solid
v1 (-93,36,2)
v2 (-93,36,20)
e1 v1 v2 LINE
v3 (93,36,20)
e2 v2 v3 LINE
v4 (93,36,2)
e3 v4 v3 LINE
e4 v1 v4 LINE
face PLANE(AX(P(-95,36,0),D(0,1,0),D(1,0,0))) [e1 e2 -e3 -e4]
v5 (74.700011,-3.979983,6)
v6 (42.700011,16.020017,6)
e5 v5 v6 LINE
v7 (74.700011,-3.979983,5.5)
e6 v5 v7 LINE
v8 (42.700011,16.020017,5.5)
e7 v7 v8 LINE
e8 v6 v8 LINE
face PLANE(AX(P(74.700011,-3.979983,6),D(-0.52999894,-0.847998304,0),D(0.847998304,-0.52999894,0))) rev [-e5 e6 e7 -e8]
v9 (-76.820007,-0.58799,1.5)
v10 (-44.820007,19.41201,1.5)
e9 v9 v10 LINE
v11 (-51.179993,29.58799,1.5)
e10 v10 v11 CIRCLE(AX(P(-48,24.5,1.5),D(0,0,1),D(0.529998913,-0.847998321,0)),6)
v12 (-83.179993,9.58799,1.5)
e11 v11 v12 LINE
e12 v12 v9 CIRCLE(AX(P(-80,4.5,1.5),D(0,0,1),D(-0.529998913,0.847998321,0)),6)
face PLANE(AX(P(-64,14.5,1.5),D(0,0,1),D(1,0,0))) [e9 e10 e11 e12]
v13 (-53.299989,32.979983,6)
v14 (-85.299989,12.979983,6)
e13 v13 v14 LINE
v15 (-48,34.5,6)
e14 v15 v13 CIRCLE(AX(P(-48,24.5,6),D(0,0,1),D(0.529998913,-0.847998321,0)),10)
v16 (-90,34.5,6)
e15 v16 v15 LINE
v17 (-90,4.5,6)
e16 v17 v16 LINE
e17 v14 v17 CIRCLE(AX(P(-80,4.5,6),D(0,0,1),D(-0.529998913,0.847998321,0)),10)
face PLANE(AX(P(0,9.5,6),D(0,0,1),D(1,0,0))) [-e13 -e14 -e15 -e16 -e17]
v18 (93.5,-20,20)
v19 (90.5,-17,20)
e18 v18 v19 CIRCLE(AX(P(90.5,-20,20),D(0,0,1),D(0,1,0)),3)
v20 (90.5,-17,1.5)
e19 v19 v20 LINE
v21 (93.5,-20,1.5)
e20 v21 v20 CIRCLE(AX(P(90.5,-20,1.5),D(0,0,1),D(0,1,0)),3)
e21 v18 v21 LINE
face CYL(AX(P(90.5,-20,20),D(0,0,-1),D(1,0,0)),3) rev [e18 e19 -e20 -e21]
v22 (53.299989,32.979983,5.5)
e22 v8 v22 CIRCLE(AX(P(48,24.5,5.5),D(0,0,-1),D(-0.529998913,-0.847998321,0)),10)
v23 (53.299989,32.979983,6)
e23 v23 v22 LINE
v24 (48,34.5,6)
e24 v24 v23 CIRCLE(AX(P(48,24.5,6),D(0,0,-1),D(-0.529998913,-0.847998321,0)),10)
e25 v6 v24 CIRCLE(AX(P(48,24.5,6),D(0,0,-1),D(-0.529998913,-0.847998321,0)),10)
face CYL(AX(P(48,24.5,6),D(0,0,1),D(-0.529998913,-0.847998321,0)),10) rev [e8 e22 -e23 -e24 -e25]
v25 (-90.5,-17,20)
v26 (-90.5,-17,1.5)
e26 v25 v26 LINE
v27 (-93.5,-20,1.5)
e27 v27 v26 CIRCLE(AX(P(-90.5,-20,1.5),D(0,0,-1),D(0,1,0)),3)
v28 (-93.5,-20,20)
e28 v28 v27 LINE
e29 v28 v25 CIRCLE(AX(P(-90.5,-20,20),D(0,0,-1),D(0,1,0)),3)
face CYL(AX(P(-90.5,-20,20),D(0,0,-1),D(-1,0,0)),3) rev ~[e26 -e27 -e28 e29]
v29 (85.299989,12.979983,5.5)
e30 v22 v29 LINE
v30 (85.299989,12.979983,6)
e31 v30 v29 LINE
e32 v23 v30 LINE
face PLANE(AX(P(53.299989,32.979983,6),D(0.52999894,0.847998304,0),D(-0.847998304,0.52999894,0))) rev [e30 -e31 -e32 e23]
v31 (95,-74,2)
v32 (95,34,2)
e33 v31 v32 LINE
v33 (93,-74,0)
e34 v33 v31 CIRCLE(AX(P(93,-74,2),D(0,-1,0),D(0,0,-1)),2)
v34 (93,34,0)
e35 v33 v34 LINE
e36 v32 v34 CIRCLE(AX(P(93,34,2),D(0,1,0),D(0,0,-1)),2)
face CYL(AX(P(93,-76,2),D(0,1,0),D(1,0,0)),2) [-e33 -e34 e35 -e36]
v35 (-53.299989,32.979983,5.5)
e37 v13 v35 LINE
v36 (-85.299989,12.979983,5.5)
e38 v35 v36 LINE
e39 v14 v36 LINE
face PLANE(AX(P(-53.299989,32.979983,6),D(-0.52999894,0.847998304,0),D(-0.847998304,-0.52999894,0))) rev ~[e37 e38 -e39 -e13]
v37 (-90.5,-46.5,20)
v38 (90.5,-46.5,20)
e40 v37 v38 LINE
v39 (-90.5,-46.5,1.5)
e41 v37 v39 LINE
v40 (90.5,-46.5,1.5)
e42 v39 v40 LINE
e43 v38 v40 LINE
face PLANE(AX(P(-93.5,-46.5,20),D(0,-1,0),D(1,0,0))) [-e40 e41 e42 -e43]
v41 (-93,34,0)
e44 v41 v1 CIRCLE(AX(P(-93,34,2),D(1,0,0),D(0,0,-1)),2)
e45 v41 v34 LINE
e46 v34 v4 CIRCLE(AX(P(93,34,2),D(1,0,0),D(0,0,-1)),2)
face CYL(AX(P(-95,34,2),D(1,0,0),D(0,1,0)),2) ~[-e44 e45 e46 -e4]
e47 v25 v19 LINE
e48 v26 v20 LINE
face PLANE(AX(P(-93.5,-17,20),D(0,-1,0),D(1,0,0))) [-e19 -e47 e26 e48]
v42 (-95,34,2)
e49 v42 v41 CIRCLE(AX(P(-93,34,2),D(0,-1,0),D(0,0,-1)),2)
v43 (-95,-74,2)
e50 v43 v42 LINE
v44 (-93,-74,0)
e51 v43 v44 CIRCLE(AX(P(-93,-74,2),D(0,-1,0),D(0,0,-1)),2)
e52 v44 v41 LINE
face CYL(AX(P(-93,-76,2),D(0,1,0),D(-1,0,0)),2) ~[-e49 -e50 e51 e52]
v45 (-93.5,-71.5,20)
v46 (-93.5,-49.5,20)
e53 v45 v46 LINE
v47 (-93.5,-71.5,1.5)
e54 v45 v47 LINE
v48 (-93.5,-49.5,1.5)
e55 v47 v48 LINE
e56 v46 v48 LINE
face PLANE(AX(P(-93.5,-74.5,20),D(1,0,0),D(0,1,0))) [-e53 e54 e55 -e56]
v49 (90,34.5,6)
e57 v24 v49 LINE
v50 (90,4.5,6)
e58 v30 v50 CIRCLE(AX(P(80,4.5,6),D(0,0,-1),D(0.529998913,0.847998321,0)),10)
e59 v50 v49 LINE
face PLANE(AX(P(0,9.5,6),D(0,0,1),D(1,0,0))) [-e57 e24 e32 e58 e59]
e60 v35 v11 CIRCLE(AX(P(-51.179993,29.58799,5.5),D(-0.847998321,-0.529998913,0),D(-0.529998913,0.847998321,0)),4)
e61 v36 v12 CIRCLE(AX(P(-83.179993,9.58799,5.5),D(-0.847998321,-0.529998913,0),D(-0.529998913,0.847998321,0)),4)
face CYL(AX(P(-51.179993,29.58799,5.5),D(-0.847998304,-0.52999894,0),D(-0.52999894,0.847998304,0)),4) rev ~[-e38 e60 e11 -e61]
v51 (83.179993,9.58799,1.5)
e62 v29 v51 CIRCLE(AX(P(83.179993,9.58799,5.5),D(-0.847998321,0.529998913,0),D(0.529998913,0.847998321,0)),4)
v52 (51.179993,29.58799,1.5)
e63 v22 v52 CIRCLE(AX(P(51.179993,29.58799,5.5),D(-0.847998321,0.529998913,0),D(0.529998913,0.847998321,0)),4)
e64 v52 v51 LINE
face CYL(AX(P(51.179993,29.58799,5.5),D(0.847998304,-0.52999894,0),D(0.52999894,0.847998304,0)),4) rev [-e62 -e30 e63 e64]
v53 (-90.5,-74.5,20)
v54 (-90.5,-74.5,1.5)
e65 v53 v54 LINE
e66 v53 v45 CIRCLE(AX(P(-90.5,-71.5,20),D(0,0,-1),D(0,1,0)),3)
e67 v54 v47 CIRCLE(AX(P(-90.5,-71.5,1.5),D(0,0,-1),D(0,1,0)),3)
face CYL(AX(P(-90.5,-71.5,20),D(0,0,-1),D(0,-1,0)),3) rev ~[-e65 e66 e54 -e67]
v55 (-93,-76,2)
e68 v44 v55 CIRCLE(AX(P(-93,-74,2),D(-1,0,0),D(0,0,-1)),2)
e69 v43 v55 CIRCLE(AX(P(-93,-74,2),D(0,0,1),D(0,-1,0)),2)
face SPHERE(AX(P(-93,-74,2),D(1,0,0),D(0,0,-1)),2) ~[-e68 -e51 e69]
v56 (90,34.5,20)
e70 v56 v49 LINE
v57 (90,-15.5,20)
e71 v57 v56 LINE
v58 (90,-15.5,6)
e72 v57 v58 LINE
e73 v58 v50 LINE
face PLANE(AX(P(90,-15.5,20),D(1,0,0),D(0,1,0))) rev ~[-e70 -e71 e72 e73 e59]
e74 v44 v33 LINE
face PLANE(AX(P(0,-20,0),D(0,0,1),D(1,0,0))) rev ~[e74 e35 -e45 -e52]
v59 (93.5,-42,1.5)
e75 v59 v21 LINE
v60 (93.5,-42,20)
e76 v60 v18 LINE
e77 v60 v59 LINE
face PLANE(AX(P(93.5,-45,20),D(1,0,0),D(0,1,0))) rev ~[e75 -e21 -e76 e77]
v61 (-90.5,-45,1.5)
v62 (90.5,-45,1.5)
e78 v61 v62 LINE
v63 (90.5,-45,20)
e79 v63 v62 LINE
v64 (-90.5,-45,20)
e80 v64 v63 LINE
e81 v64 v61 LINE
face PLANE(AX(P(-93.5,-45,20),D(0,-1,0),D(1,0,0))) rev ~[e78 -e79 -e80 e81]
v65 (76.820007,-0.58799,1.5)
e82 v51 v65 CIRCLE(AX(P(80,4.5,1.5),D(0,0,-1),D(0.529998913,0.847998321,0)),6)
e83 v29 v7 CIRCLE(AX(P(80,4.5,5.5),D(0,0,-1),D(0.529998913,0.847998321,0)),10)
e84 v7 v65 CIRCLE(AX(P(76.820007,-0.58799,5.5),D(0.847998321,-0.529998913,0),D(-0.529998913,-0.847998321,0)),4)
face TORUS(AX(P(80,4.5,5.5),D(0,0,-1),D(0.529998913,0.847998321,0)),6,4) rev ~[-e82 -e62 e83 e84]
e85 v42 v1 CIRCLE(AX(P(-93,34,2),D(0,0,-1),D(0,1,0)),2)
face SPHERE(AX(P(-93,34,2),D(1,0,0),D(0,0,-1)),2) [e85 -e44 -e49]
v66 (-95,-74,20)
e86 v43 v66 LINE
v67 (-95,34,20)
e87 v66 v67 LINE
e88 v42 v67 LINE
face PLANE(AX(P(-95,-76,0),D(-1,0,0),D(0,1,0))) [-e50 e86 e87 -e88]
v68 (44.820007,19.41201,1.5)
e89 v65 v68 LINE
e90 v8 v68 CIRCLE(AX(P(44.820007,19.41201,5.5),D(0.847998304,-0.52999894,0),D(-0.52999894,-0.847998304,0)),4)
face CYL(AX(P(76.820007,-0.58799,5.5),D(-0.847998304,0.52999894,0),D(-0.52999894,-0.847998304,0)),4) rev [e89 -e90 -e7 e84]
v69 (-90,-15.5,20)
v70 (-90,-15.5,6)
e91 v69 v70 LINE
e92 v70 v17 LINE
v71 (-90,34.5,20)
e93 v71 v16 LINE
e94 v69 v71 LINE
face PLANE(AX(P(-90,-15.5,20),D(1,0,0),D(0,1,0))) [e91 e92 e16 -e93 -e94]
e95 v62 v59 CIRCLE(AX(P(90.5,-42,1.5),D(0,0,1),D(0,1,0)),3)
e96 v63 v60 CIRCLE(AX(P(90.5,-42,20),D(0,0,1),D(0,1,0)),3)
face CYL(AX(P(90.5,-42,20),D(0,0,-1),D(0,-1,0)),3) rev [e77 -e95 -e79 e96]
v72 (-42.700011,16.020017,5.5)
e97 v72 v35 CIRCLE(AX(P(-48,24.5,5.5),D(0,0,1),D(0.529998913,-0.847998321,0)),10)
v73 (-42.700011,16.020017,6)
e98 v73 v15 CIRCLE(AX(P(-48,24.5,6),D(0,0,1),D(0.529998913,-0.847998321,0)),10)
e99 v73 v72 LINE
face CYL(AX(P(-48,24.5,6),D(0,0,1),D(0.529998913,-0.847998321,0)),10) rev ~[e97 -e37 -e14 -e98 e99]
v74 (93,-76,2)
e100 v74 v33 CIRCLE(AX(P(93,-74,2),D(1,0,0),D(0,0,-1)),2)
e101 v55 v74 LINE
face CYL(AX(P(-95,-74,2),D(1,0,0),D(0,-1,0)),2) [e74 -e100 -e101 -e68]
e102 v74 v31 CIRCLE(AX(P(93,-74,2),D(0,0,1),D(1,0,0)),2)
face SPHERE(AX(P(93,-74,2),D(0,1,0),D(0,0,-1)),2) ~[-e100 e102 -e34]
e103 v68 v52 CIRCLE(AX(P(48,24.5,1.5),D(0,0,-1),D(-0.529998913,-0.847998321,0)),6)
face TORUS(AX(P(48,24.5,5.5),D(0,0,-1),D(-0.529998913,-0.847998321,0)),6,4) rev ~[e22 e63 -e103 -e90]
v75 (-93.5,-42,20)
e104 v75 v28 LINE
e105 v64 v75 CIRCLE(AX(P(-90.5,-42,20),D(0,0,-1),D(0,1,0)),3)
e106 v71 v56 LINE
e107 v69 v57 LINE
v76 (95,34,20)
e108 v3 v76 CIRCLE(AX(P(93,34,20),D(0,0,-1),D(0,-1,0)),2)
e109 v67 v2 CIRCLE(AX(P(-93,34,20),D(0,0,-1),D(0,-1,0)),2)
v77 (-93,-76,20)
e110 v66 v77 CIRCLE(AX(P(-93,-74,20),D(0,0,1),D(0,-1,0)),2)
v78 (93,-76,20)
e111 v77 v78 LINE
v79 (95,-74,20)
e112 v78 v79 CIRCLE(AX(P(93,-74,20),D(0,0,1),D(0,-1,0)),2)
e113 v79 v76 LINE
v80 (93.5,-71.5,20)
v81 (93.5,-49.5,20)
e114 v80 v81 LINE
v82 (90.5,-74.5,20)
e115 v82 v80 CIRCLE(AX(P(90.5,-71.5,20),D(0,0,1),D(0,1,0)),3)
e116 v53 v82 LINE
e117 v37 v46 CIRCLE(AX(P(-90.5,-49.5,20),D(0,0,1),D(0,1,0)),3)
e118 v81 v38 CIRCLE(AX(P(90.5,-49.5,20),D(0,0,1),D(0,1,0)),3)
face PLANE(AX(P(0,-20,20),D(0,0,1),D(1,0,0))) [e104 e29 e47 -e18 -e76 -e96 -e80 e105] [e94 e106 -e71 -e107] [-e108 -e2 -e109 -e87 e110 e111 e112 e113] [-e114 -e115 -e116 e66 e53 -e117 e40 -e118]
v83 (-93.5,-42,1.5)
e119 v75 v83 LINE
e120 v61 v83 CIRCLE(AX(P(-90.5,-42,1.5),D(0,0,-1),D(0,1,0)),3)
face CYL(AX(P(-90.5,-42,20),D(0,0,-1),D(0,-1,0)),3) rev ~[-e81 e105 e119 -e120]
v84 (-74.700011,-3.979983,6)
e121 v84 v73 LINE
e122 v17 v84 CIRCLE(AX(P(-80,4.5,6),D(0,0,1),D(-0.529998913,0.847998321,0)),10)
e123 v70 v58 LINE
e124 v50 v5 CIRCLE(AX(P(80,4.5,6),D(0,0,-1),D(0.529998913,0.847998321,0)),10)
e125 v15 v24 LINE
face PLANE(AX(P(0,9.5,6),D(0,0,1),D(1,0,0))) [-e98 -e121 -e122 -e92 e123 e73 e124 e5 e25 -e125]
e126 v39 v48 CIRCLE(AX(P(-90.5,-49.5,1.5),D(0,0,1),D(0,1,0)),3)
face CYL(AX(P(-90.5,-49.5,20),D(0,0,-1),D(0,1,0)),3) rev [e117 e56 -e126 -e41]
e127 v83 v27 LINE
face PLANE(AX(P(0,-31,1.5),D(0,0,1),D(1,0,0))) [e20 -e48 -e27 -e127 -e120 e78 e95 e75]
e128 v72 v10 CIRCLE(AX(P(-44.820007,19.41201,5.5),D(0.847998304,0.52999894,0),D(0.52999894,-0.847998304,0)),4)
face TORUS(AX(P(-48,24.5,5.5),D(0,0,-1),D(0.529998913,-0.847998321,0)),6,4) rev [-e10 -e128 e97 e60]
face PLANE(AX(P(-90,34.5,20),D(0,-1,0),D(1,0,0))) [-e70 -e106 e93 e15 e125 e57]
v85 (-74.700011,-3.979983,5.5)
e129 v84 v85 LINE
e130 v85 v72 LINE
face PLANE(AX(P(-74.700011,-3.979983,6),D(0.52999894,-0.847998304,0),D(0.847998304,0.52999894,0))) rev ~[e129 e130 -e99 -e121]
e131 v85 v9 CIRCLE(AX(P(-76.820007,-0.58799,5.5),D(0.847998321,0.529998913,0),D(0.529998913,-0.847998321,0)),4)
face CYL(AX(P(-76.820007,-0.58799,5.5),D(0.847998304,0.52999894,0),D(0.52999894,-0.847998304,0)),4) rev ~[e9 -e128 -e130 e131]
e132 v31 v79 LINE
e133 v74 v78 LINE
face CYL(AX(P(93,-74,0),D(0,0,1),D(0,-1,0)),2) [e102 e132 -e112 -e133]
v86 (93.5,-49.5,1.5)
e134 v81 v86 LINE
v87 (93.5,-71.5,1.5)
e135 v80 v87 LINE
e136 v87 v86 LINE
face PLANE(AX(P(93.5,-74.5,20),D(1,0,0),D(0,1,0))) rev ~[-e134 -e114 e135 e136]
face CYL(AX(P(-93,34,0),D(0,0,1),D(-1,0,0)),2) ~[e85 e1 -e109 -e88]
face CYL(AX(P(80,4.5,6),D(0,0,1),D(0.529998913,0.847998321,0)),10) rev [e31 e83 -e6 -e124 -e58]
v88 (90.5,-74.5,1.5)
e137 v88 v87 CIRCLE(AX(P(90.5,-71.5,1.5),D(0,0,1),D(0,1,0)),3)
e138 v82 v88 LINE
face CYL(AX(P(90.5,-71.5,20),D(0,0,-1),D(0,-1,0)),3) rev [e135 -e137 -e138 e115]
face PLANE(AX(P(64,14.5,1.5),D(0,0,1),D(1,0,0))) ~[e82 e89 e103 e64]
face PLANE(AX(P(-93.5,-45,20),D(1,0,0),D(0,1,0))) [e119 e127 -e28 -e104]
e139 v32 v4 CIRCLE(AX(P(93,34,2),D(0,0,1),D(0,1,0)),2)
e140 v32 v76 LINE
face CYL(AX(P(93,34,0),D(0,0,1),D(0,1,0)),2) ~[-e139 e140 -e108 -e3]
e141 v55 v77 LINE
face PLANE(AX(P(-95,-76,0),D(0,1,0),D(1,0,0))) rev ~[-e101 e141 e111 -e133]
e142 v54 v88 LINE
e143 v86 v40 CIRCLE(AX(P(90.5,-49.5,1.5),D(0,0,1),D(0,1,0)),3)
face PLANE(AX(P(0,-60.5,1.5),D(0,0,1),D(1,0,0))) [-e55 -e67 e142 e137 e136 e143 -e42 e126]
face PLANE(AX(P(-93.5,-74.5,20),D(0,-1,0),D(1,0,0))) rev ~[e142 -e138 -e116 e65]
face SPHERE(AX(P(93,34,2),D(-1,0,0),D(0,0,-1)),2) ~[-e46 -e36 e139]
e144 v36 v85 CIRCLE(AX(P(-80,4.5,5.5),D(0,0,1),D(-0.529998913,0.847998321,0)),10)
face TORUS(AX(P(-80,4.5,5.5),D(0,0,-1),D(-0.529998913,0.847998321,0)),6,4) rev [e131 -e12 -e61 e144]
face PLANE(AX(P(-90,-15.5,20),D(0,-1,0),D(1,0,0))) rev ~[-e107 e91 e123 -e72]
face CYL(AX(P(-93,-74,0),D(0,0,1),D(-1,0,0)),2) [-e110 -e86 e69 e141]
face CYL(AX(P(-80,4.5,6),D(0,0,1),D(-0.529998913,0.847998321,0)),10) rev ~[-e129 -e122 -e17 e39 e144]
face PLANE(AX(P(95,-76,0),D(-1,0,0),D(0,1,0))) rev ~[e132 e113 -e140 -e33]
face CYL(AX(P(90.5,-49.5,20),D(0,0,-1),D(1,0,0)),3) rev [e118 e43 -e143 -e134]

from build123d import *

# Parameters (mm, degrees)
SKETCH013_W            = 190
SKETCH013_H            = 112
PAD009_DEPTH           = 20
SKETCH014_W            = 180
SKETCH014_H            = 50
POCKET004_DEPTH        = 14
SKETCH015_W            = 187
SKETCH015_H            = 28
POCKET005_DEPTH        = 18.5
LINEARPATTERN007_COUNT = 2
LINEARPATTERN007_PITCH = 29.5
FILLET013_R            = 3
POCKET006_DEPTH        = 4.5
FILLET014_R            = 4
FILLET016_R            = 2


with BuildPart() as part:
    # Sketch013 → Pad009 (new body)
    with BuildSketch(Plane.XY):
        Rectangle(SKETCH013_W, SKETCH013_H)
    extrude(amount=PAD009_DEPTH)

    # Sketch014 (on DatumPlane) → Pocket004 (cut)
    with BuildSketch(Plane(origin=(0, 4.5, 20), x_dir=(1, 0, 0), z_dir=(0, 0, 1))):
        with Locations((0, 25)):
            Rectangle(SKETCH014_W, SKETCH014_H)
    extrude(amount=-POCKET004_DEPTH, mode=Mode.SUBTRACT)

    # Sketch015 (on DatumPlane) → Pocket005 (cut)
    with BuildSketch(Plane(origin=(0, 3, 20), x_dir=(1, 0, 0), z_dir=(0, 0, 1))):
        with Locations((0, -14)):
            Rectangle(SKETCH015_W, SKETCH015_H)
    pocket005 = extrude(amount=-POCKET005_DEPTH, mode=Mode.SUBTRACT)

    # LinearPattern007: Pocket005 ×2
    with Locations(*[(0, -i * LINEARPATTERN007_PITCH, 0) for i in range(1, LINEARPATTERN007_COUNT)]):
        add(pocket005, mode=Mode.SUBTRACT)

    # Fillet013
    fillet013_edges = [part.edges().sort_by_distance(p)[0] for p in [
        (93.5, 3, 10.75),
        (93.5, -26.5, 10.75),
        (-93.5, 3, 10.75),
        (-93.5, -26.5, 10.75),
        (-93.5, -25, 10.75),
        (-93.5, -54.5, 10.75),
        (93.5, -25, 10.75),
        (93.5, -54.5, 10.75),
    ]]
    fillet(fillet013_edges, radius=FILLET013_R)

    # Sketch016 (on DatumPlane) → Pocket006 (cut)
    with BuildSketch(Plane(origin=(0, 4.5, 6), x_dir=(1, 0, 0), z_dir=(0, 0, 1))):
        with BuildLine():
            ThreePointArc((-85.299989, 28.479983), (-88.479983, 14.700011), (-74.700011, 11.520017))
            Line((-74.700011, 11.520017), (-42.700011, 31.520017))
            ThreePointArc((-42.700011, 31.520017), (-39.520017, 45.299989), (-53.299989, 48.479983))
            Line((-53.299989, 48.479983), (-85.299989, 28.479983))
        make_face()
    pocket006 = extrude(amount=-POCKET006_DEPTH, mode=Mode.SUBTRACT)

    # Mirrored002: Pocket006 across Sketch016 V_Axis
    add(pocket006.mirror(Plane(origin=(0, 4.5, 6), x_dir=(0, 0, 1), z_dir=(1, 0, 0))), mode=Mode.SUBTRACT)

    # Fillet014
    fillet014_edges = [part.edges().sort_by_distance(p)[0] for p in [
        (88.479983, 19.200011, 1.5),
        (58.700011, 26.020017, 1.5),
        (39.520017, 49.799989, 1.5),
        (69.299989, 42.979983, 1.5),
        (-88.479983, 19.200011, 1.5),
        (-58.700011, 26.020017, 1.5),
        (-39.520017, 49.799989, 1.5),
        (-69.299989, 42.979983, 1.5),
    ]]
    fillet(fillet014_edges, radius=FILLET014_R)

    # Fillet016
    fillet016_edges = [part.edges().sort_by_distance(p)[0] for p in [
        (0, 56, 0),
        (95, 0, 0),
        (0, -56, 0),
        (-95, 0, 0),
        (-95, -56, 10),
        (-95, 56, 10),
        (95, 56, 10),
        (95, -56, 10),
    ]]
    fillet(fillet016_edges, radius=FILLET016_R)


with BuildPart() as part_1:
    # Body004 placement: moved
    add(part.part.moved(Location((0, -20, 0))))


solid = part_1.part
